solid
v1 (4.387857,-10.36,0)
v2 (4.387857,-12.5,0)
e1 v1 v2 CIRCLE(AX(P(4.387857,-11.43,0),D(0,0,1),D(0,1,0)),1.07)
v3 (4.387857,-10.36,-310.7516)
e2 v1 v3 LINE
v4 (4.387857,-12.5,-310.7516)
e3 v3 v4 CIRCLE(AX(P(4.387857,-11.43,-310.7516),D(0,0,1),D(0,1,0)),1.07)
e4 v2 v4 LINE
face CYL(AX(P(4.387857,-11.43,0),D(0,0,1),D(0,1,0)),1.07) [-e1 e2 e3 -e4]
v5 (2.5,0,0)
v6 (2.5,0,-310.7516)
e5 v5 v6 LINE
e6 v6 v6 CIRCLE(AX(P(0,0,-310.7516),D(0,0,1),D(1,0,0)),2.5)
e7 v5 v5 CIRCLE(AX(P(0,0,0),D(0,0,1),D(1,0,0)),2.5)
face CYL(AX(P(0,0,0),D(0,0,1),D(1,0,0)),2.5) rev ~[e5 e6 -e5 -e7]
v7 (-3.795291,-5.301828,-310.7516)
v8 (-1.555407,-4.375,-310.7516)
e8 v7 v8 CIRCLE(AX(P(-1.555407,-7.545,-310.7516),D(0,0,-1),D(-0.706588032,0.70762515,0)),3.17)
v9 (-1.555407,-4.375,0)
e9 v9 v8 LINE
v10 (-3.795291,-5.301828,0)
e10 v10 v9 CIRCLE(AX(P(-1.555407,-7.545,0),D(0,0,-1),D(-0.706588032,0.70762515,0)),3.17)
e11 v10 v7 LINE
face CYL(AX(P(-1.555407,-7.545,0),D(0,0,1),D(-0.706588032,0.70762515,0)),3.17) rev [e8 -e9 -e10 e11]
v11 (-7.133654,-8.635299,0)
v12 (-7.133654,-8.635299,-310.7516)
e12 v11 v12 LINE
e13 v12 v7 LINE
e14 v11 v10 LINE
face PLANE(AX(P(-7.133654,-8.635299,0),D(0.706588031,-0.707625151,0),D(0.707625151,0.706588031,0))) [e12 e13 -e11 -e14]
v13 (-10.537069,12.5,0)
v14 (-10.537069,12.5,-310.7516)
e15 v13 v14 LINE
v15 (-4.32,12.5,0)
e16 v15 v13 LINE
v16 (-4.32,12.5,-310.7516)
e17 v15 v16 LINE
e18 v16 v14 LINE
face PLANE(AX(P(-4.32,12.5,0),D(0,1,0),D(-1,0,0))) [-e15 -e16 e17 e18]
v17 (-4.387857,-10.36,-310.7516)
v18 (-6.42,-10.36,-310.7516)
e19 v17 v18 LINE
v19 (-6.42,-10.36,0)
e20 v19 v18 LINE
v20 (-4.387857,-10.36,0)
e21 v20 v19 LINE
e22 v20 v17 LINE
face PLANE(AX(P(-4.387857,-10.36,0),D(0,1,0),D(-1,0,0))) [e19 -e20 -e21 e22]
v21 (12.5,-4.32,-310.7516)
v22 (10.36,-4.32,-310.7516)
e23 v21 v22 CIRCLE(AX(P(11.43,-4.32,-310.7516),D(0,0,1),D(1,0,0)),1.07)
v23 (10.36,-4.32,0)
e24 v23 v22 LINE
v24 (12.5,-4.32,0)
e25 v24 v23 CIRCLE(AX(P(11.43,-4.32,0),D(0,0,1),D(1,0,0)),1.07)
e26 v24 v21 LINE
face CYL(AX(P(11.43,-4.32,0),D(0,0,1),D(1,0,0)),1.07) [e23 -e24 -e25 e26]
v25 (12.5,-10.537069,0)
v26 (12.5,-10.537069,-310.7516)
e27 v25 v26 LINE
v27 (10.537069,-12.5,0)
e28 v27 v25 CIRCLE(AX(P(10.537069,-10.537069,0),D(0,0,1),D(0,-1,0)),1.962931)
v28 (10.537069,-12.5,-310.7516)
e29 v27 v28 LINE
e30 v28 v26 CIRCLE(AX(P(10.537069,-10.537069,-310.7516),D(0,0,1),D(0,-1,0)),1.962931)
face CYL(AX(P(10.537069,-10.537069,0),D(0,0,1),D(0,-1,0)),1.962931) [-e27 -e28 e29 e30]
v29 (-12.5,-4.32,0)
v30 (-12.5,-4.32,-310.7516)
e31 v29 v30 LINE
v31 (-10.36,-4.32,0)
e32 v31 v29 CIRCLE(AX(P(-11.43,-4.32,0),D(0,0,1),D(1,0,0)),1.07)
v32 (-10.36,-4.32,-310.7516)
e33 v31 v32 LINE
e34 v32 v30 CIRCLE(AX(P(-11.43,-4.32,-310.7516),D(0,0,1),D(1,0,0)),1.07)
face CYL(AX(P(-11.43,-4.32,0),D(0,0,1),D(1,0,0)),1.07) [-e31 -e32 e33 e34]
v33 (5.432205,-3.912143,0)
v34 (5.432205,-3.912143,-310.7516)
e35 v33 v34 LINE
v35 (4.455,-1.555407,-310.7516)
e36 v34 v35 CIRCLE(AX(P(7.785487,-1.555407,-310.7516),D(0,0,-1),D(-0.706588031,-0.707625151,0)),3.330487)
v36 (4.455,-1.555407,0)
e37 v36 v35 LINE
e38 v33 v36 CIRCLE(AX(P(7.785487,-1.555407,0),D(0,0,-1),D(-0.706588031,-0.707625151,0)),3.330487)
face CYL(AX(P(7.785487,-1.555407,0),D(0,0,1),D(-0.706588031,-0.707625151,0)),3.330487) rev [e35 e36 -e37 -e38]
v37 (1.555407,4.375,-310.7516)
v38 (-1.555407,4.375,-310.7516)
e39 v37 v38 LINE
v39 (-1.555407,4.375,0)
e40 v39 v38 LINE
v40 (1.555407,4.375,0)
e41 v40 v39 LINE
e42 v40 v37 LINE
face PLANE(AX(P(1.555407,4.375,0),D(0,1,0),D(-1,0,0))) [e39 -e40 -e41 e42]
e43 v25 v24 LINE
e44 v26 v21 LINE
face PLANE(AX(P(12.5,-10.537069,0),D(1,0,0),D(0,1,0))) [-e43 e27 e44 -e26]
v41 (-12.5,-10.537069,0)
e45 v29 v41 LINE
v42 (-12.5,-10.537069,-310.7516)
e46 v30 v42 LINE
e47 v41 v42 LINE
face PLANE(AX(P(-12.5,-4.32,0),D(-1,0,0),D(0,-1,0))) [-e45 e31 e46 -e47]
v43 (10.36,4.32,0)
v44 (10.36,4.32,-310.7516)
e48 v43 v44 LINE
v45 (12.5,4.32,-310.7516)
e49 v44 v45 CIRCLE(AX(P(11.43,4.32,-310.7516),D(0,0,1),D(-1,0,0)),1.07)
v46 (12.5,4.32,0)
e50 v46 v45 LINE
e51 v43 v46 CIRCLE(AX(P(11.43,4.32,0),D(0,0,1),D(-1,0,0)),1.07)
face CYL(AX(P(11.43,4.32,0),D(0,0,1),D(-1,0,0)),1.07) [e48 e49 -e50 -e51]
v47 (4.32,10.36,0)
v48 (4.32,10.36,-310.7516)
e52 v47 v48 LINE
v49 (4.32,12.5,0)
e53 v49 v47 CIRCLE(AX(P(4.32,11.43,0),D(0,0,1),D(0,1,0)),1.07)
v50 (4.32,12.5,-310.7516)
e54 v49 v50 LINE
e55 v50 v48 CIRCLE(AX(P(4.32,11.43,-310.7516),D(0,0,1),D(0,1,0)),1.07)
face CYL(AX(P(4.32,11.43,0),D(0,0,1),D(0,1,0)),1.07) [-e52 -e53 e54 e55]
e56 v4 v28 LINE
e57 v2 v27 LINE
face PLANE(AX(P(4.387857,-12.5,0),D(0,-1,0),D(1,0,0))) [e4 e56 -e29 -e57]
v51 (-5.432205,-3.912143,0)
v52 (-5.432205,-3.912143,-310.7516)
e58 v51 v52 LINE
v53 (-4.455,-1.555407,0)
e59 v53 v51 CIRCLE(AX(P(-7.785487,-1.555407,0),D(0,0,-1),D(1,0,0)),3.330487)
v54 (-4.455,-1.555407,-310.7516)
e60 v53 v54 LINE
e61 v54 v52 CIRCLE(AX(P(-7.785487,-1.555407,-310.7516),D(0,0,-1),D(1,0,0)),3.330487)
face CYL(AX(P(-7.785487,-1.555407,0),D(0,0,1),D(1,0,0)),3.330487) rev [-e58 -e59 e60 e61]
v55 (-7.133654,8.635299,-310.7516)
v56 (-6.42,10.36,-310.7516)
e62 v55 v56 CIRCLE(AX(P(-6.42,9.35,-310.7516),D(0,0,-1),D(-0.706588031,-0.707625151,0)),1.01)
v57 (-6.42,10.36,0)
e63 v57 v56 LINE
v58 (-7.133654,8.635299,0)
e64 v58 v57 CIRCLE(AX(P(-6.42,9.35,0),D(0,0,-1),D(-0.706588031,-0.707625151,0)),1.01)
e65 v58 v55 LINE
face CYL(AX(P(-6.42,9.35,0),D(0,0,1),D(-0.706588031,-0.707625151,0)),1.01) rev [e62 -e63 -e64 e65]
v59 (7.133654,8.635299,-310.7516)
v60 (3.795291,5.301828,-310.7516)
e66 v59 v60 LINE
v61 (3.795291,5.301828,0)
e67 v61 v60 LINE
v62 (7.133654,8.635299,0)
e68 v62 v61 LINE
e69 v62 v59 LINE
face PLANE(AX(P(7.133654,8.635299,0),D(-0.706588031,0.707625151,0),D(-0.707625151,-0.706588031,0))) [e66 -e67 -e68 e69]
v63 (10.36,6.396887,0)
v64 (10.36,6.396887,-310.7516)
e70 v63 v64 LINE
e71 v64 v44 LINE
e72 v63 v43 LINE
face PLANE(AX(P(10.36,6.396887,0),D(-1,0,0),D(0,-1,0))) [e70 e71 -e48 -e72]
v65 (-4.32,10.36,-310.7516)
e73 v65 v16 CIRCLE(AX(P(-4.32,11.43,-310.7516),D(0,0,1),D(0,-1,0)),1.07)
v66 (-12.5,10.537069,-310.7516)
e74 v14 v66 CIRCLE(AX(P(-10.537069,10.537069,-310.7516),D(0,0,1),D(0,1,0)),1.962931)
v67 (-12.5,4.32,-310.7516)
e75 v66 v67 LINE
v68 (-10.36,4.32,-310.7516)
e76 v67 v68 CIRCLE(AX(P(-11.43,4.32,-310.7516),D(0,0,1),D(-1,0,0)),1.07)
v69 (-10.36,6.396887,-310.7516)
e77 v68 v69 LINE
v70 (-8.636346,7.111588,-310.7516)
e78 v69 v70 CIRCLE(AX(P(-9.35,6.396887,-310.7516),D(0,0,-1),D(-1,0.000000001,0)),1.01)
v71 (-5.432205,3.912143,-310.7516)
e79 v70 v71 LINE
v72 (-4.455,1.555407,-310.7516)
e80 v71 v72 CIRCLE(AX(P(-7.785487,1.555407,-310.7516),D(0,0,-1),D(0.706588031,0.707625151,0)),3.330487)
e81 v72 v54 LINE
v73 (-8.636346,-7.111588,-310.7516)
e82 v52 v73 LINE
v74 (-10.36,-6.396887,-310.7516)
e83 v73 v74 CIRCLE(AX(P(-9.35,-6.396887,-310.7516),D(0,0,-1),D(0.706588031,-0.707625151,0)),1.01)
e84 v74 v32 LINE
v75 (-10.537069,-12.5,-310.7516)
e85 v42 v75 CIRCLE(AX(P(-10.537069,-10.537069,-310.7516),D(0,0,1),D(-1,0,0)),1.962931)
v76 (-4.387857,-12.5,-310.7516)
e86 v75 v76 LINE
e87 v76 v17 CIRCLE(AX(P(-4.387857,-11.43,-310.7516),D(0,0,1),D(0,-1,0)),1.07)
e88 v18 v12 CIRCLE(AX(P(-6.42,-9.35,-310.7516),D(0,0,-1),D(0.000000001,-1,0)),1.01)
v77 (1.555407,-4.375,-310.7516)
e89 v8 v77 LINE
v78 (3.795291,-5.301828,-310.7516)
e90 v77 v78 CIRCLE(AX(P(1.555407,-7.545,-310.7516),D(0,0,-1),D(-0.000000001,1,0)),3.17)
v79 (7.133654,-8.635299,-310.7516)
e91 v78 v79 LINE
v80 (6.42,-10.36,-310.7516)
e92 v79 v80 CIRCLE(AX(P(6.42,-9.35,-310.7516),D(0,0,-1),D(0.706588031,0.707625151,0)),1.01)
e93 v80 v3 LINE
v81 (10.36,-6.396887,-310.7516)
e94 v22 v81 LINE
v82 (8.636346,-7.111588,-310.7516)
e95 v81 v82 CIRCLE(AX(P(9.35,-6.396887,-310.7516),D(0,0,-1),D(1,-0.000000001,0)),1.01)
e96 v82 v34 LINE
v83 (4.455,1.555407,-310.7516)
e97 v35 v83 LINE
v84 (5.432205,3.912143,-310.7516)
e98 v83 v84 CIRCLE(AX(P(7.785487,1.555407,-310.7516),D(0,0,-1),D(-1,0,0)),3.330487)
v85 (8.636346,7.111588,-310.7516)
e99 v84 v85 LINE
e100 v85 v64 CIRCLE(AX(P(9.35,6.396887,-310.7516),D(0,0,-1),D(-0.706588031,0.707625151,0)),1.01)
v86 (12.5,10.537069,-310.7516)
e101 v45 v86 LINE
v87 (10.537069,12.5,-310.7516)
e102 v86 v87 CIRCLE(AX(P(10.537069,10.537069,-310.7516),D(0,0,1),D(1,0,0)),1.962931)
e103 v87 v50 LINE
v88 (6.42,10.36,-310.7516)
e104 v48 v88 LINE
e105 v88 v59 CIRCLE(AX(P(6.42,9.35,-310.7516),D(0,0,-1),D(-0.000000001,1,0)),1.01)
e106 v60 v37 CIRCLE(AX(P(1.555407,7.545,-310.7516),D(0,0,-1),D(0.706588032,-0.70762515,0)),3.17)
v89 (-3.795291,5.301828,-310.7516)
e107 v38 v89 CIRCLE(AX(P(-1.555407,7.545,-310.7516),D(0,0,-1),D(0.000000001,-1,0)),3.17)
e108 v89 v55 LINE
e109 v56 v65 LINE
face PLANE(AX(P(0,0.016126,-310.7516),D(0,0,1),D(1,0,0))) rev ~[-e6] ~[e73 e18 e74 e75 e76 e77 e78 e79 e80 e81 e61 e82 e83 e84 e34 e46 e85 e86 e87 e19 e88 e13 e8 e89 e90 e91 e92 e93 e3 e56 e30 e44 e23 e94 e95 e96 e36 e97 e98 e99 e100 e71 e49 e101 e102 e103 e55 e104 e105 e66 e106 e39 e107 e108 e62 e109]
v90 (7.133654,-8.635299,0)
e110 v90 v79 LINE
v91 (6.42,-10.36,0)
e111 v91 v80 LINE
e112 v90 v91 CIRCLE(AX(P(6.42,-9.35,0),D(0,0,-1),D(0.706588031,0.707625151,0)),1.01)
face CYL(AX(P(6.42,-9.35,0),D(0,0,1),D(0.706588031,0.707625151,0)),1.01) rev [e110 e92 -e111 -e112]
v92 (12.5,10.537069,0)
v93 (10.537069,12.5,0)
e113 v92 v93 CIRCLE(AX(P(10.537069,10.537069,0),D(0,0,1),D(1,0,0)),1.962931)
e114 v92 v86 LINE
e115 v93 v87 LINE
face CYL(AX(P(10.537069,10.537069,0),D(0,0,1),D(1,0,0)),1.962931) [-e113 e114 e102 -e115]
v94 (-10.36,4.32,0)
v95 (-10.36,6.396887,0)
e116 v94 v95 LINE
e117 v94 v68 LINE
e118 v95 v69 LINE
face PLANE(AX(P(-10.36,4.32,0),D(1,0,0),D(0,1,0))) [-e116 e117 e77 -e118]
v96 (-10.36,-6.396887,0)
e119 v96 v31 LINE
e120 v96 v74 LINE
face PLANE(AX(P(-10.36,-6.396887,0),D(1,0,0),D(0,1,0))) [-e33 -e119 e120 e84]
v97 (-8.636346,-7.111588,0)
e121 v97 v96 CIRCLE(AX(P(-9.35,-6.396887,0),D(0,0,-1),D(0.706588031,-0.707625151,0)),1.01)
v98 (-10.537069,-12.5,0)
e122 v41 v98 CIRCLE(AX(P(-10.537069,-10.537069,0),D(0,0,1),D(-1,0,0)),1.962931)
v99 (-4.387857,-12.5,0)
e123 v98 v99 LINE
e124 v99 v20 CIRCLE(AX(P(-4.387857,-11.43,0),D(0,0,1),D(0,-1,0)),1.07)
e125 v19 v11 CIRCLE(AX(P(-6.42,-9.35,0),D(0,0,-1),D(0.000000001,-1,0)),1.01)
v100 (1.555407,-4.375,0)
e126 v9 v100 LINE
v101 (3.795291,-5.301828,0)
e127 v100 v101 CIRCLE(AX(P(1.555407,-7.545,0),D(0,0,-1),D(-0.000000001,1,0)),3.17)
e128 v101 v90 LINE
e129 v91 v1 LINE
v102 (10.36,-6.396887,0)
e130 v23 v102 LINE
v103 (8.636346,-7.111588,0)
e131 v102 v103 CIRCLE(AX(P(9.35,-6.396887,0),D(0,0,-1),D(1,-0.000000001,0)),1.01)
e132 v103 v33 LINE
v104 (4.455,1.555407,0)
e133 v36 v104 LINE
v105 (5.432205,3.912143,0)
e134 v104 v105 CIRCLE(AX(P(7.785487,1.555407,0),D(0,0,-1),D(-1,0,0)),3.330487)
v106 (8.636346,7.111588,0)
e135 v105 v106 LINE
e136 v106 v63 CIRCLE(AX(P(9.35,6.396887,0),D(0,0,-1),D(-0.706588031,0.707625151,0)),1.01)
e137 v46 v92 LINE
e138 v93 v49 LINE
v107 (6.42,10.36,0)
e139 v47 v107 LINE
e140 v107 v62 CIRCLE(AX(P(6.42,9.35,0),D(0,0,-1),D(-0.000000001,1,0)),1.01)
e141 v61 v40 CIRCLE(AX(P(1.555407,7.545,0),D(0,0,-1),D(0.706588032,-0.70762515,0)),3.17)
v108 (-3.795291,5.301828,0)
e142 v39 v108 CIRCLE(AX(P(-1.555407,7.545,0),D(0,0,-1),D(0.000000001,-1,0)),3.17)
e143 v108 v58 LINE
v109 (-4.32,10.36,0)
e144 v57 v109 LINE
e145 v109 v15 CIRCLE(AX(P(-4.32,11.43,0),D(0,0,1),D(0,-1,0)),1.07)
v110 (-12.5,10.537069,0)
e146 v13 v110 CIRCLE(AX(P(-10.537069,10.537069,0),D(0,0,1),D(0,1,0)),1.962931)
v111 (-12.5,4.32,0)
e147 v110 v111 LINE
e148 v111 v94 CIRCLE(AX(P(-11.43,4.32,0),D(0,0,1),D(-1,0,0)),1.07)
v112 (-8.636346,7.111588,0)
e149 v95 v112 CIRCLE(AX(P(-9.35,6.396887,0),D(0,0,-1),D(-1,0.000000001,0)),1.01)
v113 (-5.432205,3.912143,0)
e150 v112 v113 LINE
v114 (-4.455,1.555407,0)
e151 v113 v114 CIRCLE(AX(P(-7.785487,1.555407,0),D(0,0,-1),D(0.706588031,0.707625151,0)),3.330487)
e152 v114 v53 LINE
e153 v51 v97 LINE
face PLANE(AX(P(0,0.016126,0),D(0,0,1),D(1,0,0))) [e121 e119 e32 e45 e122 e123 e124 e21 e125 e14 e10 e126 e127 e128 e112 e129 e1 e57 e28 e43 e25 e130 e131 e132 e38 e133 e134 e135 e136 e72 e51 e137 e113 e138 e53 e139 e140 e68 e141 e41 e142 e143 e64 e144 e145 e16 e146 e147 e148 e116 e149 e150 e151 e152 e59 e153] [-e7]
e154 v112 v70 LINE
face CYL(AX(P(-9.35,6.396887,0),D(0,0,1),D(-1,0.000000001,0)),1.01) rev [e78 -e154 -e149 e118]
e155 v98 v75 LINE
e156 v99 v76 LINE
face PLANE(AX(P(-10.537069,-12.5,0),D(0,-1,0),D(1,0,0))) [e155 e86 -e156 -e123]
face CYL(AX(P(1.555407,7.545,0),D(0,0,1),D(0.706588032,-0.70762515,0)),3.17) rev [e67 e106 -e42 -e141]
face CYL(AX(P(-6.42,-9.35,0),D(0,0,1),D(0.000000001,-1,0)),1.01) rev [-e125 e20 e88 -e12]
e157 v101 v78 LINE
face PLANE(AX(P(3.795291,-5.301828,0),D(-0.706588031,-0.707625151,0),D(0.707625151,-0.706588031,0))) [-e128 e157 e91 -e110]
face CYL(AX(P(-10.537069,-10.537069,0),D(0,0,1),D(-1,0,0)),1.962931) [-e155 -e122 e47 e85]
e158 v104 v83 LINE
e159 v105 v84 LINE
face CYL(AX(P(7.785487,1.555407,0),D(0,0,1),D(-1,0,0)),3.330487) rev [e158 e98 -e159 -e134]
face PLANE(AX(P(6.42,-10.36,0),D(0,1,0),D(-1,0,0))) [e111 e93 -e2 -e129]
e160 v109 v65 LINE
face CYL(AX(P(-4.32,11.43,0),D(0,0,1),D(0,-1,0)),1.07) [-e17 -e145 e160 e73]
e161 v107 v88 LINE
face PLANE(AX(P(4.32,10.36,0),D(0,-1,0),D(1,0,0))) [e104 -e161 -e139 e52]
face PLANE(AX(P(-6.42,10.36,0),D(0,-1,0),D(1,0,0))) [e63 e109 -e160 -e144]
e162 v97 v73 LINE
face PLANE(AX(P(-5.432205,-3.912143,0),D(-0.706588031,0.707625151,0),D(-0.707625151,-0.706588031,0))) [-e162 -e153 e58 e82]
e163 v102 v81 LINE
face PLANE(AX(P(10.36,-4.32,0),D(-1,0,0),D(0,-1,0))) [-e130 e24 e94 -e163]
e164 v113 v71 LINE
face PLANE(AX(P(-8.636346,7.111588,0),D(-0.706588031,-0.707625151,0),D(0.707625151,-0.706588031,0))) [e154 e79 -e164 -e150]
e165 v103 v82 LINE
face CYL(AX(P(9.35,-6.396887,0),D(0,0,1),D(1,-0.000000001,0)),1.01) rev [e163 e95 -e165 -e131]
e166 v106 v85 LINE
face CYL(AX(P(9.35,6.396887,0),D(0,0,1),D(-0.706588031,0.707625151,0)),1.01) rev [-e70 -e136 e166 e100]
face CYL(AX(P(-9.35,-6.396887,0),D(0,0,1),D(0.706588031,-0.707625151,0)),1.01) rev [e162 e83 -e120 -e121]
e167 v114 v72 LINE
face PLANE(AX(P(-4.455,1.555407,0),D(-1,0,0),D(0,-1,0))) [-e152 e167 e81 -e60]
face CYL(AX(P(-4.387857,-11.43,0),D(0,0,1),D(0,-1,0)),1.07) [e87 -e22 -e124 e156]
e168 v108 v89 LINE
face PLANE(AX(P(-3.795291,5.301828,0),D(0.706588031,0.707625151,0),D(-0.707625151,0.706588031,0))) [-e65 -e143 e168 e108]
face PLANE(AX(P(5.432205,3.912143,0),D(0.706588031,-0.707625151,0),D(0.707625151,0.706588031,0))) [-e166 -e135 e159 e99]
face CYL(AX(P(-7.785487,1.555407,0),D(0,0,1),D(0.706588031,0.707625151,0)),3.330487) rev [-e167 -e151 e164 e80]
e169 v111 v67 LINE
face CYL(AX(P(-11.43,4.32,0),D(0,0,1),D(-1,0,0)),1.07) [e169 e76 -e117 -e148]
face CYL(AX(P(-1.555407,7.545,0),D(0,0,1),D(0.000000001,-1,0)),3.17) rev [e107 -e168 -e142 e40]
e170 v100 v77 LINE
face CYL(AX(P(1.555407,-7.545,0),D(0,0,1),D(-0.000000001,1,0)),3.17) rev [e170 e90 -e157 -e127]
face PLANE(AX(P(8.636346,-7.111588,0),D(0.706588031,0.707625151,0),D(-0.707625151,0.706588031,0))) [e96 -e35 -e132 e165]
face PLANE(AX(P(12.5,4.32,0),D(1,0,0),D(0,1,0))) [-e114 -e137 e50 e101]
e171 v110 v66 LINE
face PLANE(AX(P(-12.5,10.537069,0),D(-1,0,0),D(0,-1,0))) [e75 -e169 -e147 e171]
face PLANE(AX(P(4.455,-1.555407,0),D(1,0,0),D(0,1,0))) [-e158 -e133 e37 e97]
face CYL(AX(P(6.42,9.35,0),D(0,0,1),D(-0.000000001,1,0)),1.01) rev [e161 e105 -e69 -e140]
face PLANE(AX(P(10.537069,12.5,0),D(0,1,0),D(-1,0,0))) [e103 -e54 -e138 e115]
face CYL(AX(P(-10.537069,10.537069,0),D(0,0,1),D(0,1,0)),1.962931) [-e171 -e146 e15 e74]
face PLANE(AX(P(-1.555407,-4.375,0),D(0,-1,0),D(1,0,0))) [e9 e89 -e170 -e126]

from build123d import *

# Parameters (mm, degrees)
SKETCH1_R      = 2.5
EXTRUDE1_DEPTH = 310.7516


with BuildPart() as part:
    # Sketch1 → Extrude1 (new body)
    with BuildSketch(Plane.XY):
        with BuildLine():
            Line((-8.636346088, 7.111588351), (-5.432204773, 3.912143135))
            ThreePointArc((-5.432204773, 3.912143135), (-4.708985779, 2.831057106), (-4.455, 1.555406707))
            Line((-4.455, 1.555406707), (-4.455, -1.555406707))
            ThreePointArc((-4.455, -1.555406707), (-4.708985779, -2.831057106), (-5.432204773, -3.912143135))
            Line((-5.432204773, -3.912143135), (-8.636346088, -7.111588351))
            ThreePointArc((-8.636346088, -7.111588351), (-9.736852394, -7.329863489), (-10.36, -6.396886949))
            Line((-10.36, -6.396886949), (-10.36, -4.32))
            ThreePointArc((-10.36, -4.32), (-11.43, -3.25), (-12.5, -4.32))
            Line((-12.5, -4.32), (-12.5, -8.651801989))
            Line((-12.5, -8.651801989), (-12.5, -10.537068835))
            ThreePointArc((-12.5, -10.537068835), (-11.925070773, -11.925070773), (-10.537068835, -12.5))
            Line((-10.537068835, -12.5), (-8.441567612, -12.5))
            Line((-8.441567612, -12.5), (-4.387856959, -12.5))
            ThreePointArc((-4.387856959, -12.5), (-3.317856959, -11.43), (-4.387856959, -10.36))
            Line((-4.387856959, -10.36), (-6.42, -10.36))
            ThreePointArc((-6.42, -10.36), (-7.35325999, -9.736168088), (-7.133653912, -8.635298598))
            Line((-7.133653912, -8.635298598), (-3.795290766, -5.301828272))
            ThreePointArc((-3.795290766, -5.301828272), (-2.76743922, -4.61585726), (-1.555406707, -4.375))
            Line((-1.555406707, -4.375), (1.555406707, -4.375))
            ThreePointArc((1.555406707, -4.375), (2.76743922, -4.61585726), (3.795290766, -5.301828272))
            Line((3.795290766, -5.301828272), (7.133653912, -8.635298598))
            ThreePointArc((7.133653912, -8.635298598), (7.35325999, -9.736168088), (6.42, -10.36))
            Line((6.42, -10.36), (4.387856959, -10.36))
            ThreePointArc((4.387856959, -10.36), (3.317856959, -11.43), (4.387856959, -12.5))
            Line((4.387856959, -12.5), (8.441567612, -12.5))
            Line((8.441567612, -12.5), (10.537068835, -12.5))
            ThreePointArc((10.537068835, -12.5), (11.925070773, -11.925070773), (12.5, -10.537068835))
            Line((12.5, -10.537068835), (12.5, -8.651801989))
            Line((12.5, -8.651801989), (12.5, -4.32))
            ThreePointArc((12.5, -4.32), (11.43, -3.25), (10.36, -4.32))
            Line((10.36, -4.32), (10.36, -6.396886949))
            ThreePointArc((10.36, -6.396886949), (9.736852394, -7.329863489), (8.636346088, -7.111588351))
            Line((8.636346088, -7.111588351), (5.432204773, -3.912143135))
            ThreePointArc((5.432204773, -3.912143135), (4.708985779, -2.831057106), (4.455, -1.555406707))
            Line((4.455, -1.555406707), (4.455, 1.555406707))
            ThreePointArc((4.455, 1.555406707), (4.708985779, 2.831057106), (5.432204773, 3.912143135))
            Line((5.432204773, 3.912143135), (8.636346088, 7.111588351))
            ThreePointArc((8.636346088, 7.111588351), (9.736852394, 7.329863489), (10.36, 6.396886949))
            Line((10.36, 6.396886949), (10.36, 4.32))
            ThreePointArc((10.36, 4.32), (11.43, 3.25), (12.5, 4.32))
            Line((12.5, 4.32), (12.5, 7.99129648))
            Line((12.5, 7.99129648), (12.5, 10.537068835))
            ThreePointArc((12.5, 10.537068835), (11.925070773, 11.925070773), (10.537068835, 12.5))
            Line((10.537068835, 12.5), (4.32, 12.5))
            ThreePointArc((4.32, 12.5), (3.25, 11.43), (4.32, 10.36))
            Line((4.32, 10.36), (6.42, 10.36))
            ThreePointArc((6.42, 10.36), (7.35325999, 9.736168088), (7.133653912, 8.635298598))
            Line((7.133653912, 8.635298598), (3.795290766, 5.301828272))
            ThreePointArc((3.795290766, 5.301828272), (2.76743922, 4.61585726), (1.555406707, 4.375))
            Line((1.555406707, 4.375), (-1.555406707, 4.375))
            ThreePointArc((-1.555406707, 4.375), (-2.76743922, 4.61585726), (-3.795290766, 5.301828272))
            Line((-3.795290766, 5.301828272), (-7.133653912, 8.635298598))
            ThreePointArc((-7.133653912, 8.635298598), (-7.35325999, 9.736168088), (-6.42, 10.36))
            Line((-6.42, 10.36), (-4.32, 10.36))
            ThreePointArc((-4.32, 10.36), (-3.25, 11.43), (-4.32, 12.5))
            Line((-4.32, 12.5), (-10.537068835, 12.5))
            ThreePointArc((-10.537068835, 12.5), (-11.925070773, 11.925070773), (-12.5, 10.537068835))
            Line((-12.5, 10.537068835), (-12.5, 7.99129648))
            Line((-12.5, 7.99129648), (-12.5, 4.32))
            ThreePointArc((-12.5, 4.32), (-11.43, 3.25), (-10.36, 4.32))
            Line((-10.36, 4.32), (-10.36, 6.396886949))
            ThreePointArc((-10.36, 6.396886949), (-9.736852394, 7.329863489), (-8.636346088, 7.111588351))
        make_face()
        Circle(SKETCH1_R, mode=Mode.SUBTRACT)
    extrude(amount=-EXTRUDE1_DEPTH)


solid = part.part
